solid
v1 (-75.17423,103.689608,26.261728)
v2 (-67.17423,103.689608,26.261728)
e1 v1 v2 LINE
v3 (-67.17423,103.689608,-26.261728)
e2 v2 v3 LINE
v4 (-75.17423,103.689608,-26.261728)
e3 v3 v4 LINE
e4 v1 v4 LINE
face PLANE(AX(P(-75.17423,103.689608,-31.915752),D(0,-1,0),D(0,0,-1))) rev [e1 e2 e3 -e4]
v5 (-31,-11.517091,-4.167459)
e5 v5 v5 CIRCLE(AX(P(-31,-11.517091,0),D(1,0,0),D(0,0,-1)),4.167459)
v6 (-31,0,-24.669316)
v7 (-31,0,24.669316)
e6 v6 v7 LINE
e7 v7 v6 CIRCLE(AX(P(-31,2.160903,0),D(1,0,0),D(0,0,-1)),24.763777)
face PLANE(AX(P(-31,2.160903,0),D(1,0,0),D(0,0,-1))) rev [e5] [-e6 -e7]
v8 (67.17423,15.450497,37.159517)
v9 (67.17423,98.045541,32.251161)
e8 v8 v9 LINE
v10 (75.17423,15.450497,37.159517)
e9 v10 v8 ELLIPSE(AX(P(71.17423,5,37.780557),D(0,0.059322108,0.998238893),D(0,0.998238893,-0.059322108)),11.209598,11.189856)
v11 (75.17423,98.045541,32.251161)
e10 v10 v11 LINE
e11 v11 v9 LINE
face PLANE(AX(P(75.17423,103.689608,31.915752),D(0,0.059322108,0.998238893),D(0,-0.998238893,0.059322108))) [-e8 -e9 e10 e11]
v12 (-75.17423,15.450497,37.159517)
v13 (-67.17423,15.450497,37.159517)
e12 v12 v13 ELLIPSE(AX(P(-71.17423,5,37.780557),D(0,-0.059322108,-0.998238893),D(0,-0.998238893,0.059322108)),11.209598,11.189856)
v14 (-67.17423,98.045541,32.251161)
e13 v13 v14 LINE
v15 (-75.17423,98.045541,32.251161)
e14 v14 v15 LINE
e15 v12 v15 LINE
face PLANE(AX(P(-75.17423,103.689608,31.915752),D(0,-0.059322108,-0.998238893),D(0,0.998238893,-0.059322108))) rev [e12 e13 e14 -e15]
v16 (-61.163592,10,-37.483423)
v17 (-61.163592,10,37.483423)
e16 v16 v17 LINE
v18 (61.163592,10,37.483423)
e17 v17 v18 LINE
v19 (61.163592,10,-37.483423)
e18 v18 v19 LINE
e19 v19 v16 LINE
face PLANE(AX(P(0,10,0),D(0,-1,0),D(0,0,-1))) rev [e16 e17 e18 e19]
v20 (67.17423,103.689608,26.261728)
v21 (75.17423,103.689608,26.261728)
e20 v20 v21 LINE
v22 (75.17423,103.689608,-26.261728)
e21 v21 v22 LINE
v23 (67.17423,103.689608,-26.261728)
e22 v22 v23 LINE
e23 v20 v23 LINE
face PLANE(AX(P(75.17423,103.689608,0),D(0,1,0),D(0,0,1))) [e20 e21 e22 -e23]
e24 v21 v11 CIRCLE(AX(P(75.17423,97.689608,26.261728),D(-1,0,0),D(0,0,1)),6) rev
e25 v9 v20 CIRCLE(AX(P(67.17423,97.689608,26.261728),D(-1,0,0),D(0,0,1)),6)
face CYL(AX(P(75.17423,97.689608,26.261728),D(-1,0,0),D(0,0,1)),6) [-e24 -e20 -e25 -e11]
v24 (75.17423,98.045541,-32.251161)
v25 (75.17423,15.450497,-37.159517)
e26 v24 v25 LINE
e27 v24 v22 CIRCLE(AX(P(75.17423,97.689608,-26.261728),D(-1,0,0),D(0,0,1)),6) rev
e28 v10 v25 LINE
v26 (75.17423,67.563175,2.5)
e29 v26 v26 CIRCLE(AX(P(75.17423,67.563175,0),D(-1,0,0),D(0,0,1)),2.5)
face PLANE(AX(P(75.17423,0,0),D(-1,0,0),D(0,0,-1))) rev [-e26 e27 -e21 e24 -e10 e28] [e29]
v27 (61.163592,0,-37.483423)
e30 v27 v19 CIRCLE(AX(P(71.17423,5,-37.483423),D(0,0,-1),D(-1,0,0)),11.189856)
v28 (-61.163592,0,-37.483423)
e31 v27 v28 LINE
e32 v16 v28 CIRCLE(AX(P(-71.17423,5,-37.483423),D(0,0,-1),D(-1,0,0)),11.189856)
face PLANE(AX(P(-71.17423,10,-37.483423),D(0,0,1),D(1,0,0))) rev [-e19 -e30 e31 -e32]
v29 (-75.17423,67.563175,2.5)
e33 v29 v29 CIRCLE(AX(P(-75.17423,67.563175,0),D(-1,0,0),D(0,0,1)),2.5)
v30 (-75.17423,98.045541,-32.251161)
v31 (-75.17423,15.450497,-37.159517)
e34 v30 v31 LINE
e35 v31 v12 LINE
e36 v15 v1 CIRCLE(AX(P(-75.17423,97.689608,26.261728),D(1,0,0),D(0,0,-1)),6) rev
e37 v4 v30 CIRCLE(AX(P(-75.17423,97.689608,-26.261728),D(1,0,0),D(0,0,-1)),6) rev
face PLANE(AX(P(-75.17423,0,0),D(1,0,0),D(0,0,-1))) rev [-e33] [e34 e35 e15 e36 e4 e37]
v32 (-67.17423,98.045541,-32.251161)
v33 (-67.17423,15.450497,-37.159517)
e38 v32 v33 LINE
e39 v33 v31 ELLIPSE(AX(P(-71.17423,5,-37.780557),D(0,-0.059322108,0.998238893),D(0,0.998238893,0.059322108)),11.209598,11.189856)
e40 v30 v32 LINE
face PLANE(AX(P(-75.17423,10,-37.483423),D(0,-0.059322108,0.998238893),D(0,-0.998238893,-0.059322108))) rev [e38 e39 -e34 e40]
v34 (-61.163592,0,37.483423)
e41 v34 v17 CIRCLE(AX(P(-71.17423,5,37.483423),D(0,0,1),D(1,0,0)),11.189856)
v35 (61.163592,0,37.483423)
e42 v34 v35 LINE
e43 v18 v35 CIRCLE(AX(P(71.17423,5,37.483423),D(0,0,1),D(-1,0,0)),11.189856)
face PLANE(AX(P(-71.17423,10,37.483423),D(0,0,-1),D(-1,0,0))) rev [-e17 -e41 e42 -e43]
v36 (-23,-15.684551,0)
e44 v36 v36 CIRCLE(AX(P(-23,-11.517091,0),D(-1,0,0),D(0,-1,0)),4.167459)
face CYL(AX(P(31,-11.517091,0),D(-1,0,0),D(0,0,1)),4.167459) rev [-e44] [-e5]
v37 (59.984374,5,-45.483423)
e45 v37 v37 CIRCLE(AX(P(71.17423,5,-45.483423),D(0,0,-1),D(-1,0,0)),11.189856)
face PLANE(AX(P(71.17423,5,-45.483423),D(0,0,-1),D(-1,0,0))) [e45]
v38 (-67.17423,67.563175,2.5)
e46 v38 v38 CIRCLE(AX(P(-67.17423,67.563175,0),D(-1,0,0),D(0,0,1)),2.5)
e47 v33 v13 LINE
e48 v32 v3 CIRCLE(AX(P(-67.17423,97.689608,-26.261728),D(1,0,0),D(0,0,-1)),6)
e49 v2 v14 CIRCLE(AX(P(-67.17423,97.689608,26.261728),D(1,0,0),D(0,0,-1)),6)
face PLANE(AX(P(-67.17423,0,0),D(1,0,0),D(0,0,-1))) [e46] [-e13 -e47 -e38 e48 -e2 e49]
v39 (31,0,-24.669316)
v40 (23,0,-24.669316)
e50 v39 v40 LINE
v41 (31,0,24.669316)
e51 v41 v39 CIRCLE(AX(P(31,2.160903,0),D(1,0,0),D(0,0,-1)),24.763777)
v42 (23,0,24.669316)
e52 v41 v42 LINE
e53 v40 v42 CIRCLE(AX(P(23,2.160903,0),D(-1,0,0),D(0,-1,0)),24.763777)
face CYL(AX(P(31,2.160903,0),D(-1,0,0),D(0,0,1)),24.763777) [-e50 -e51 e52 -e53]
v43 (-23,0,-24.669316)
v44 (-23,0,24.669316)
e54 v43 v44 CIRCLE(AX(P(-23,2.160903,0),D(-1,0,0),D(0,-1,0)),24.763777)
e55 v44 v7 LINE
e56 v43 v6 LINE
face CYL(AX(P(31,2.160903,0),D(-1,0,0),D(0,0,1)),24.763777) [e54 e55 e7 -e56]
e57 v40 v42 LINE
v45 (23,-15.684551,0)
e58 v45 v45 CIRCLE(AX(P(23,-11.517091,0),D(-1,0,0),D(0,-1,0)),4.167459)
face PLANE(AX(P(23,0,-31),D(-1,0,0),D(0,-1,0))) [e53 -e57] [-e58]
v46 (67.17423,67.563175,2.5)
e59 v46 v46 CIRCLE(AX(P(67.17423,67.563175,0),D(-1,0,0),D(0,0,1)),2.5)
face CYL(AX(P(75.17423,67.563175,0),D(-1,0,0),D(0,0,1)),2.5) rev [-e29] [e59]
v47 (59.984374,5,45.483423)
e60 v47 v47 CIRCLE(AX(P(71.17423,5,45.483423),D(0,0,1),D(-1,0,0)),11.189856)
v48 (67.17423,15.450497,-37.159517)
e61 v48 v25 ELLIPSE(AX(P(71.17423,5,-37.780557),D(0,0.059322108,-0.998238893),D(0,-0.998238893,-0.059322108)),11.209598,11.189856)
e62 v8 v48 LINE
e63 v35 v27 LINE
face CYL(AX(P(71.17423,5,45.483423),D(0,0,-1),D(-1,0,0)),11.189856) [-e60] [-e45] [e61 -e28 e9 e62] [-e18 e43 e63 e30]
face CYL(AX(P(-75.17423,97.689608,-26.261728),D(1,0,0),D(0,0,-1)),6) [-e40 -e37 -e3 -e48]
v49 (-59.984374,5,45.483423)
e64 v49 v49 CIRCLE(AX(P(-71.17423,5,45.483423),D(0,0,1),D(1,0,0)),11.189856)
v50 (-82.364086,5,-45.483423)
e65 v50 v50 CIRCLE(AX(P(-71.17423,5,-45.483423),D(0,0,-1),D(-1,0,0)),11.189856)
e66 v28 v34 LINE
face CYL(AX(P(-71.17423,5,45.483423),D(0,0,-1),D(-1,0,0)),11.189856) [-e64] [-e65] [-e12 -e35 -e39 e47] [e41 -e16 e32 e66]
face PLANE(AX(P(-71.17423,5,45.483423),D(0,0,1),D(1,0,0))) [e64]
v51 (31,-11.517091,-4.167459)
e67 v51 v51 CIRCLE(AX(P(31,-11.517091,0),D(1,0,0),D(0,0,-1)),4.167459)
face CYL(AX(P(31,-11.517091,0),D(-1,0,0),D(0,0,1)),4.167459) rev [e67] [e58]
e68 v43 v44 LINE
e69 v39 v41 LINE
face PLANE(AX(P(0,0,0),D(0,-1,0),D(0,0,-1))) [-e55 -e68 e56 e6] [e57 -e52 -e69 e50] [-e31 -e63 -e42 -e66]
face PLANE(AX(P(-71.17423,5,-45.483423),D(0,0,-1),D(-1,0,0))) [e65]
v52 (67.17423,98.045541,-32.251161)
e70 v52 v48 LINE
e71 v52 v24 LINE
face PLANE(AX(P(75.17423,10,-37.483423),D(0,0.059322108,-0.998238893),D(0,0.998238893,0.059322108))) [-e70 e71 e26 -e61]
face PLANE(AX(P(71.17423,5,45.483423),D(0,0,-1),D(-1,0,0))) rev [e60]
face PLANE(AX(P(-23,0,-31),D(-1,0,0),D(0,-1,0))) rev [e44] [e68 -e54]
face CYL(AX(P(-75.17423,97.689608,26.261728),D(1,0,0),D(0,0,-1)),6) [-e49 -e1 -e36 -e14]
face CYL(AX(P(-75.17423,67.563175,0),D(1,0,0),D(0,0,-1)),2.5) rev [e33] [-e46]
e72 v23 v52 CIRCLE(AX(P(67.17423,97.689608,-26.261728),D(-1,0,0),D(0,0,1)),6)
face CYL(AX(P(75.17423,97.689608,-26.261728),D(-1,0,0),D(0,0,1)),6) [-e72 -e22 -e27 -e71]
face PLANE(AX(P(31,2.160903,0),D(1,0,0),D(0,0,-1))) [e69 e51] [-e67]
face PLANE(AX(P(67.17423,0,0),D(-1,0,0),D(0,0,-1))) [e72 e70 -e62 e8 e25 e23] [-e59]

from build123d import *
from build123d.topology import SkipClean

# Parameters (mm, degrees)
SKETCH2_W           = 142.348460158
SKETCH2_H           = 74.966845352
BOSS_EXTRUDE1_DEPTH = 10
SKETCH3_2_R         = 11.189856227
BOSS_EXTRUDE3_DEPTH = 8
SKETCH6_R           = 2.5
BOSS_EXTRUDE5_DEPTH = 4
SKETCH3_R           = 11.189856227
BOSS_EXTRUDE2_DEPTH = 74.966845352
SKETCH4_R           = 11.189856227
BOSS_EXTRUDE4_DEPTH = 8
FILLET1_R           = 6
SKETCH8_R           = 4.167459473
BOSS_EXTRUDE6_DEPTH = 31
CUT_EXTRUDE1_DEPTH  = 31


with BuildPart() as part:
    # Sketch2 → Boss-Extrude1 (new body)
    with BuildSketch(Plane(origin=(0, 0, 0), x_dir=(1, 0, 0), z_dir=(0, 1, 0))):
        Rectangle(SKETCH2_W, SKETCH2_H)
    extrude(amount=BOSS_EXTRUDE1_DEPTH)

    # Sketch3<2> → Boss-Extrude3 (add)
    with BuildSketch(Plane.XY.offset(37.483422676)):
        with Locations(Location((-71.174230079, 5, 0), (0, 0, 333.459309643))):
            Circle(SKETCH3_2_R)
        with Locations(Location((71.174230079, 5, 0), (0, 0, 180))):
            Circle(SKETCH3_2_R)
    extrude(amount=BOSS_EXTRUDE3_DEPTH)

    # Sketch6 → Boss-Extrude5 (add, symmetric)
    with BuildSketch(Plane.ZY.offset(71.174230079)):
        Polygon((31.91575234, 103.68960792), (37.483422676, 10), (37.483422676, 0), (-37.483422676, 0), (-37.483422676, 10), (-31.91575234, 103.68960792), (0, 103.68960792), align=None)
        with Locations((0, 67.56317466)):
            Circle(SKETCH6_R, mode=Mode.SUBTRACT)
    boss_extrude5 = extrude(amount=BOSS_EXTRUDE5_DEPTH, both=True)

    # Sketch3 → Boss-Extrude2 (add)
    with BuildSketch(Plane.XY.offset(37.483422676)):
        with Locations(Location((-71.174230079, 5, 0), (0, 0, 333.459309643))):
            Circle(SKETCH3_R)
        with Locations(Location((71.174230079, 5, 0), (0, 0, 180))):
            Circle(SKETCH3_R)
    extrude(amount=-BOSS_EXTRUDE2_DEPTH)

    # Sketch4 → Boss-Extrude4 (add)
    with SkipClean():  # the faces are left unmerged after this step: merging them gives an invalid solid
        with BuildSketch(Plane(origin=(0, 0, -37.483422676), x_dir=(-1, 0, 0), z_dir=(0, 0, -1))):
            with Locations((-71.174230079, 5)):
                Circle(SKETCH4_R)
            with Locations((71.174230079, 5)):
                Circle(SKETCH4_R)
        extrude(amount=BOSS_EXTRUDE4_DEPTH)

    # Mirror1: Boss-Extrude5 across plane
    add(boss_extrude5.mirror(Plane(origin=(0, 0, 0), x_dir=(0, 0, 1), z_dir=(1, 0, 0))))

    # Fillet1
    fillet1_edges = [part.edges().sort_by_distance(p)[0] for p in [
        (71.174230079, 103.68960792, -31.91575234),
        (-71.174230079, 103.68960792, 31.91575234),
        (-71.174230079, 103.68960792, -31.91575234),
        (71.174230079, 103.68960792, 31.91575234),
    ]]
    fillet(fillet1_edges, radius=FILLET1_R)

    # Sketch8 → Boss-Extrude6 (add, symmetric)
    with BuildSketch(Plane(origin=(0, 0, 0), x_dir=(0, 0, -1), z_dir=(1, 0, 0))):
        with BuildLine():
            Line((-24.669316097, 0), (0, 0))
            Line((0, 0), (24.669316097, 0))
            ThreePointArc((24.669316097, 0), (0, -22.602874457), (-24.669316097, 0))
        make_face()
        with Locations((0, -11.517091371)):
            Circle(SKETCH8_R, mode=Mode.SUBTRACT)
    extrude(amount=BOSS_EXTRUDE6_DEPTH, both=True)

    # Sketch9 → Cut-Extrude1 (cut, symmetric)
    with BuildSketch(Plane.XY):
        Polygon((0, 0), (-23, 0), (-23, -24.601759038), (-2.110664843, -24.601759038), (23, -24.601759038), (23, 0), align=None)
    extrude(amount=CUT_EXTRUDE1_DEPTH, both=True, mode=Mode.SUBTRACT)


solid = part.part
